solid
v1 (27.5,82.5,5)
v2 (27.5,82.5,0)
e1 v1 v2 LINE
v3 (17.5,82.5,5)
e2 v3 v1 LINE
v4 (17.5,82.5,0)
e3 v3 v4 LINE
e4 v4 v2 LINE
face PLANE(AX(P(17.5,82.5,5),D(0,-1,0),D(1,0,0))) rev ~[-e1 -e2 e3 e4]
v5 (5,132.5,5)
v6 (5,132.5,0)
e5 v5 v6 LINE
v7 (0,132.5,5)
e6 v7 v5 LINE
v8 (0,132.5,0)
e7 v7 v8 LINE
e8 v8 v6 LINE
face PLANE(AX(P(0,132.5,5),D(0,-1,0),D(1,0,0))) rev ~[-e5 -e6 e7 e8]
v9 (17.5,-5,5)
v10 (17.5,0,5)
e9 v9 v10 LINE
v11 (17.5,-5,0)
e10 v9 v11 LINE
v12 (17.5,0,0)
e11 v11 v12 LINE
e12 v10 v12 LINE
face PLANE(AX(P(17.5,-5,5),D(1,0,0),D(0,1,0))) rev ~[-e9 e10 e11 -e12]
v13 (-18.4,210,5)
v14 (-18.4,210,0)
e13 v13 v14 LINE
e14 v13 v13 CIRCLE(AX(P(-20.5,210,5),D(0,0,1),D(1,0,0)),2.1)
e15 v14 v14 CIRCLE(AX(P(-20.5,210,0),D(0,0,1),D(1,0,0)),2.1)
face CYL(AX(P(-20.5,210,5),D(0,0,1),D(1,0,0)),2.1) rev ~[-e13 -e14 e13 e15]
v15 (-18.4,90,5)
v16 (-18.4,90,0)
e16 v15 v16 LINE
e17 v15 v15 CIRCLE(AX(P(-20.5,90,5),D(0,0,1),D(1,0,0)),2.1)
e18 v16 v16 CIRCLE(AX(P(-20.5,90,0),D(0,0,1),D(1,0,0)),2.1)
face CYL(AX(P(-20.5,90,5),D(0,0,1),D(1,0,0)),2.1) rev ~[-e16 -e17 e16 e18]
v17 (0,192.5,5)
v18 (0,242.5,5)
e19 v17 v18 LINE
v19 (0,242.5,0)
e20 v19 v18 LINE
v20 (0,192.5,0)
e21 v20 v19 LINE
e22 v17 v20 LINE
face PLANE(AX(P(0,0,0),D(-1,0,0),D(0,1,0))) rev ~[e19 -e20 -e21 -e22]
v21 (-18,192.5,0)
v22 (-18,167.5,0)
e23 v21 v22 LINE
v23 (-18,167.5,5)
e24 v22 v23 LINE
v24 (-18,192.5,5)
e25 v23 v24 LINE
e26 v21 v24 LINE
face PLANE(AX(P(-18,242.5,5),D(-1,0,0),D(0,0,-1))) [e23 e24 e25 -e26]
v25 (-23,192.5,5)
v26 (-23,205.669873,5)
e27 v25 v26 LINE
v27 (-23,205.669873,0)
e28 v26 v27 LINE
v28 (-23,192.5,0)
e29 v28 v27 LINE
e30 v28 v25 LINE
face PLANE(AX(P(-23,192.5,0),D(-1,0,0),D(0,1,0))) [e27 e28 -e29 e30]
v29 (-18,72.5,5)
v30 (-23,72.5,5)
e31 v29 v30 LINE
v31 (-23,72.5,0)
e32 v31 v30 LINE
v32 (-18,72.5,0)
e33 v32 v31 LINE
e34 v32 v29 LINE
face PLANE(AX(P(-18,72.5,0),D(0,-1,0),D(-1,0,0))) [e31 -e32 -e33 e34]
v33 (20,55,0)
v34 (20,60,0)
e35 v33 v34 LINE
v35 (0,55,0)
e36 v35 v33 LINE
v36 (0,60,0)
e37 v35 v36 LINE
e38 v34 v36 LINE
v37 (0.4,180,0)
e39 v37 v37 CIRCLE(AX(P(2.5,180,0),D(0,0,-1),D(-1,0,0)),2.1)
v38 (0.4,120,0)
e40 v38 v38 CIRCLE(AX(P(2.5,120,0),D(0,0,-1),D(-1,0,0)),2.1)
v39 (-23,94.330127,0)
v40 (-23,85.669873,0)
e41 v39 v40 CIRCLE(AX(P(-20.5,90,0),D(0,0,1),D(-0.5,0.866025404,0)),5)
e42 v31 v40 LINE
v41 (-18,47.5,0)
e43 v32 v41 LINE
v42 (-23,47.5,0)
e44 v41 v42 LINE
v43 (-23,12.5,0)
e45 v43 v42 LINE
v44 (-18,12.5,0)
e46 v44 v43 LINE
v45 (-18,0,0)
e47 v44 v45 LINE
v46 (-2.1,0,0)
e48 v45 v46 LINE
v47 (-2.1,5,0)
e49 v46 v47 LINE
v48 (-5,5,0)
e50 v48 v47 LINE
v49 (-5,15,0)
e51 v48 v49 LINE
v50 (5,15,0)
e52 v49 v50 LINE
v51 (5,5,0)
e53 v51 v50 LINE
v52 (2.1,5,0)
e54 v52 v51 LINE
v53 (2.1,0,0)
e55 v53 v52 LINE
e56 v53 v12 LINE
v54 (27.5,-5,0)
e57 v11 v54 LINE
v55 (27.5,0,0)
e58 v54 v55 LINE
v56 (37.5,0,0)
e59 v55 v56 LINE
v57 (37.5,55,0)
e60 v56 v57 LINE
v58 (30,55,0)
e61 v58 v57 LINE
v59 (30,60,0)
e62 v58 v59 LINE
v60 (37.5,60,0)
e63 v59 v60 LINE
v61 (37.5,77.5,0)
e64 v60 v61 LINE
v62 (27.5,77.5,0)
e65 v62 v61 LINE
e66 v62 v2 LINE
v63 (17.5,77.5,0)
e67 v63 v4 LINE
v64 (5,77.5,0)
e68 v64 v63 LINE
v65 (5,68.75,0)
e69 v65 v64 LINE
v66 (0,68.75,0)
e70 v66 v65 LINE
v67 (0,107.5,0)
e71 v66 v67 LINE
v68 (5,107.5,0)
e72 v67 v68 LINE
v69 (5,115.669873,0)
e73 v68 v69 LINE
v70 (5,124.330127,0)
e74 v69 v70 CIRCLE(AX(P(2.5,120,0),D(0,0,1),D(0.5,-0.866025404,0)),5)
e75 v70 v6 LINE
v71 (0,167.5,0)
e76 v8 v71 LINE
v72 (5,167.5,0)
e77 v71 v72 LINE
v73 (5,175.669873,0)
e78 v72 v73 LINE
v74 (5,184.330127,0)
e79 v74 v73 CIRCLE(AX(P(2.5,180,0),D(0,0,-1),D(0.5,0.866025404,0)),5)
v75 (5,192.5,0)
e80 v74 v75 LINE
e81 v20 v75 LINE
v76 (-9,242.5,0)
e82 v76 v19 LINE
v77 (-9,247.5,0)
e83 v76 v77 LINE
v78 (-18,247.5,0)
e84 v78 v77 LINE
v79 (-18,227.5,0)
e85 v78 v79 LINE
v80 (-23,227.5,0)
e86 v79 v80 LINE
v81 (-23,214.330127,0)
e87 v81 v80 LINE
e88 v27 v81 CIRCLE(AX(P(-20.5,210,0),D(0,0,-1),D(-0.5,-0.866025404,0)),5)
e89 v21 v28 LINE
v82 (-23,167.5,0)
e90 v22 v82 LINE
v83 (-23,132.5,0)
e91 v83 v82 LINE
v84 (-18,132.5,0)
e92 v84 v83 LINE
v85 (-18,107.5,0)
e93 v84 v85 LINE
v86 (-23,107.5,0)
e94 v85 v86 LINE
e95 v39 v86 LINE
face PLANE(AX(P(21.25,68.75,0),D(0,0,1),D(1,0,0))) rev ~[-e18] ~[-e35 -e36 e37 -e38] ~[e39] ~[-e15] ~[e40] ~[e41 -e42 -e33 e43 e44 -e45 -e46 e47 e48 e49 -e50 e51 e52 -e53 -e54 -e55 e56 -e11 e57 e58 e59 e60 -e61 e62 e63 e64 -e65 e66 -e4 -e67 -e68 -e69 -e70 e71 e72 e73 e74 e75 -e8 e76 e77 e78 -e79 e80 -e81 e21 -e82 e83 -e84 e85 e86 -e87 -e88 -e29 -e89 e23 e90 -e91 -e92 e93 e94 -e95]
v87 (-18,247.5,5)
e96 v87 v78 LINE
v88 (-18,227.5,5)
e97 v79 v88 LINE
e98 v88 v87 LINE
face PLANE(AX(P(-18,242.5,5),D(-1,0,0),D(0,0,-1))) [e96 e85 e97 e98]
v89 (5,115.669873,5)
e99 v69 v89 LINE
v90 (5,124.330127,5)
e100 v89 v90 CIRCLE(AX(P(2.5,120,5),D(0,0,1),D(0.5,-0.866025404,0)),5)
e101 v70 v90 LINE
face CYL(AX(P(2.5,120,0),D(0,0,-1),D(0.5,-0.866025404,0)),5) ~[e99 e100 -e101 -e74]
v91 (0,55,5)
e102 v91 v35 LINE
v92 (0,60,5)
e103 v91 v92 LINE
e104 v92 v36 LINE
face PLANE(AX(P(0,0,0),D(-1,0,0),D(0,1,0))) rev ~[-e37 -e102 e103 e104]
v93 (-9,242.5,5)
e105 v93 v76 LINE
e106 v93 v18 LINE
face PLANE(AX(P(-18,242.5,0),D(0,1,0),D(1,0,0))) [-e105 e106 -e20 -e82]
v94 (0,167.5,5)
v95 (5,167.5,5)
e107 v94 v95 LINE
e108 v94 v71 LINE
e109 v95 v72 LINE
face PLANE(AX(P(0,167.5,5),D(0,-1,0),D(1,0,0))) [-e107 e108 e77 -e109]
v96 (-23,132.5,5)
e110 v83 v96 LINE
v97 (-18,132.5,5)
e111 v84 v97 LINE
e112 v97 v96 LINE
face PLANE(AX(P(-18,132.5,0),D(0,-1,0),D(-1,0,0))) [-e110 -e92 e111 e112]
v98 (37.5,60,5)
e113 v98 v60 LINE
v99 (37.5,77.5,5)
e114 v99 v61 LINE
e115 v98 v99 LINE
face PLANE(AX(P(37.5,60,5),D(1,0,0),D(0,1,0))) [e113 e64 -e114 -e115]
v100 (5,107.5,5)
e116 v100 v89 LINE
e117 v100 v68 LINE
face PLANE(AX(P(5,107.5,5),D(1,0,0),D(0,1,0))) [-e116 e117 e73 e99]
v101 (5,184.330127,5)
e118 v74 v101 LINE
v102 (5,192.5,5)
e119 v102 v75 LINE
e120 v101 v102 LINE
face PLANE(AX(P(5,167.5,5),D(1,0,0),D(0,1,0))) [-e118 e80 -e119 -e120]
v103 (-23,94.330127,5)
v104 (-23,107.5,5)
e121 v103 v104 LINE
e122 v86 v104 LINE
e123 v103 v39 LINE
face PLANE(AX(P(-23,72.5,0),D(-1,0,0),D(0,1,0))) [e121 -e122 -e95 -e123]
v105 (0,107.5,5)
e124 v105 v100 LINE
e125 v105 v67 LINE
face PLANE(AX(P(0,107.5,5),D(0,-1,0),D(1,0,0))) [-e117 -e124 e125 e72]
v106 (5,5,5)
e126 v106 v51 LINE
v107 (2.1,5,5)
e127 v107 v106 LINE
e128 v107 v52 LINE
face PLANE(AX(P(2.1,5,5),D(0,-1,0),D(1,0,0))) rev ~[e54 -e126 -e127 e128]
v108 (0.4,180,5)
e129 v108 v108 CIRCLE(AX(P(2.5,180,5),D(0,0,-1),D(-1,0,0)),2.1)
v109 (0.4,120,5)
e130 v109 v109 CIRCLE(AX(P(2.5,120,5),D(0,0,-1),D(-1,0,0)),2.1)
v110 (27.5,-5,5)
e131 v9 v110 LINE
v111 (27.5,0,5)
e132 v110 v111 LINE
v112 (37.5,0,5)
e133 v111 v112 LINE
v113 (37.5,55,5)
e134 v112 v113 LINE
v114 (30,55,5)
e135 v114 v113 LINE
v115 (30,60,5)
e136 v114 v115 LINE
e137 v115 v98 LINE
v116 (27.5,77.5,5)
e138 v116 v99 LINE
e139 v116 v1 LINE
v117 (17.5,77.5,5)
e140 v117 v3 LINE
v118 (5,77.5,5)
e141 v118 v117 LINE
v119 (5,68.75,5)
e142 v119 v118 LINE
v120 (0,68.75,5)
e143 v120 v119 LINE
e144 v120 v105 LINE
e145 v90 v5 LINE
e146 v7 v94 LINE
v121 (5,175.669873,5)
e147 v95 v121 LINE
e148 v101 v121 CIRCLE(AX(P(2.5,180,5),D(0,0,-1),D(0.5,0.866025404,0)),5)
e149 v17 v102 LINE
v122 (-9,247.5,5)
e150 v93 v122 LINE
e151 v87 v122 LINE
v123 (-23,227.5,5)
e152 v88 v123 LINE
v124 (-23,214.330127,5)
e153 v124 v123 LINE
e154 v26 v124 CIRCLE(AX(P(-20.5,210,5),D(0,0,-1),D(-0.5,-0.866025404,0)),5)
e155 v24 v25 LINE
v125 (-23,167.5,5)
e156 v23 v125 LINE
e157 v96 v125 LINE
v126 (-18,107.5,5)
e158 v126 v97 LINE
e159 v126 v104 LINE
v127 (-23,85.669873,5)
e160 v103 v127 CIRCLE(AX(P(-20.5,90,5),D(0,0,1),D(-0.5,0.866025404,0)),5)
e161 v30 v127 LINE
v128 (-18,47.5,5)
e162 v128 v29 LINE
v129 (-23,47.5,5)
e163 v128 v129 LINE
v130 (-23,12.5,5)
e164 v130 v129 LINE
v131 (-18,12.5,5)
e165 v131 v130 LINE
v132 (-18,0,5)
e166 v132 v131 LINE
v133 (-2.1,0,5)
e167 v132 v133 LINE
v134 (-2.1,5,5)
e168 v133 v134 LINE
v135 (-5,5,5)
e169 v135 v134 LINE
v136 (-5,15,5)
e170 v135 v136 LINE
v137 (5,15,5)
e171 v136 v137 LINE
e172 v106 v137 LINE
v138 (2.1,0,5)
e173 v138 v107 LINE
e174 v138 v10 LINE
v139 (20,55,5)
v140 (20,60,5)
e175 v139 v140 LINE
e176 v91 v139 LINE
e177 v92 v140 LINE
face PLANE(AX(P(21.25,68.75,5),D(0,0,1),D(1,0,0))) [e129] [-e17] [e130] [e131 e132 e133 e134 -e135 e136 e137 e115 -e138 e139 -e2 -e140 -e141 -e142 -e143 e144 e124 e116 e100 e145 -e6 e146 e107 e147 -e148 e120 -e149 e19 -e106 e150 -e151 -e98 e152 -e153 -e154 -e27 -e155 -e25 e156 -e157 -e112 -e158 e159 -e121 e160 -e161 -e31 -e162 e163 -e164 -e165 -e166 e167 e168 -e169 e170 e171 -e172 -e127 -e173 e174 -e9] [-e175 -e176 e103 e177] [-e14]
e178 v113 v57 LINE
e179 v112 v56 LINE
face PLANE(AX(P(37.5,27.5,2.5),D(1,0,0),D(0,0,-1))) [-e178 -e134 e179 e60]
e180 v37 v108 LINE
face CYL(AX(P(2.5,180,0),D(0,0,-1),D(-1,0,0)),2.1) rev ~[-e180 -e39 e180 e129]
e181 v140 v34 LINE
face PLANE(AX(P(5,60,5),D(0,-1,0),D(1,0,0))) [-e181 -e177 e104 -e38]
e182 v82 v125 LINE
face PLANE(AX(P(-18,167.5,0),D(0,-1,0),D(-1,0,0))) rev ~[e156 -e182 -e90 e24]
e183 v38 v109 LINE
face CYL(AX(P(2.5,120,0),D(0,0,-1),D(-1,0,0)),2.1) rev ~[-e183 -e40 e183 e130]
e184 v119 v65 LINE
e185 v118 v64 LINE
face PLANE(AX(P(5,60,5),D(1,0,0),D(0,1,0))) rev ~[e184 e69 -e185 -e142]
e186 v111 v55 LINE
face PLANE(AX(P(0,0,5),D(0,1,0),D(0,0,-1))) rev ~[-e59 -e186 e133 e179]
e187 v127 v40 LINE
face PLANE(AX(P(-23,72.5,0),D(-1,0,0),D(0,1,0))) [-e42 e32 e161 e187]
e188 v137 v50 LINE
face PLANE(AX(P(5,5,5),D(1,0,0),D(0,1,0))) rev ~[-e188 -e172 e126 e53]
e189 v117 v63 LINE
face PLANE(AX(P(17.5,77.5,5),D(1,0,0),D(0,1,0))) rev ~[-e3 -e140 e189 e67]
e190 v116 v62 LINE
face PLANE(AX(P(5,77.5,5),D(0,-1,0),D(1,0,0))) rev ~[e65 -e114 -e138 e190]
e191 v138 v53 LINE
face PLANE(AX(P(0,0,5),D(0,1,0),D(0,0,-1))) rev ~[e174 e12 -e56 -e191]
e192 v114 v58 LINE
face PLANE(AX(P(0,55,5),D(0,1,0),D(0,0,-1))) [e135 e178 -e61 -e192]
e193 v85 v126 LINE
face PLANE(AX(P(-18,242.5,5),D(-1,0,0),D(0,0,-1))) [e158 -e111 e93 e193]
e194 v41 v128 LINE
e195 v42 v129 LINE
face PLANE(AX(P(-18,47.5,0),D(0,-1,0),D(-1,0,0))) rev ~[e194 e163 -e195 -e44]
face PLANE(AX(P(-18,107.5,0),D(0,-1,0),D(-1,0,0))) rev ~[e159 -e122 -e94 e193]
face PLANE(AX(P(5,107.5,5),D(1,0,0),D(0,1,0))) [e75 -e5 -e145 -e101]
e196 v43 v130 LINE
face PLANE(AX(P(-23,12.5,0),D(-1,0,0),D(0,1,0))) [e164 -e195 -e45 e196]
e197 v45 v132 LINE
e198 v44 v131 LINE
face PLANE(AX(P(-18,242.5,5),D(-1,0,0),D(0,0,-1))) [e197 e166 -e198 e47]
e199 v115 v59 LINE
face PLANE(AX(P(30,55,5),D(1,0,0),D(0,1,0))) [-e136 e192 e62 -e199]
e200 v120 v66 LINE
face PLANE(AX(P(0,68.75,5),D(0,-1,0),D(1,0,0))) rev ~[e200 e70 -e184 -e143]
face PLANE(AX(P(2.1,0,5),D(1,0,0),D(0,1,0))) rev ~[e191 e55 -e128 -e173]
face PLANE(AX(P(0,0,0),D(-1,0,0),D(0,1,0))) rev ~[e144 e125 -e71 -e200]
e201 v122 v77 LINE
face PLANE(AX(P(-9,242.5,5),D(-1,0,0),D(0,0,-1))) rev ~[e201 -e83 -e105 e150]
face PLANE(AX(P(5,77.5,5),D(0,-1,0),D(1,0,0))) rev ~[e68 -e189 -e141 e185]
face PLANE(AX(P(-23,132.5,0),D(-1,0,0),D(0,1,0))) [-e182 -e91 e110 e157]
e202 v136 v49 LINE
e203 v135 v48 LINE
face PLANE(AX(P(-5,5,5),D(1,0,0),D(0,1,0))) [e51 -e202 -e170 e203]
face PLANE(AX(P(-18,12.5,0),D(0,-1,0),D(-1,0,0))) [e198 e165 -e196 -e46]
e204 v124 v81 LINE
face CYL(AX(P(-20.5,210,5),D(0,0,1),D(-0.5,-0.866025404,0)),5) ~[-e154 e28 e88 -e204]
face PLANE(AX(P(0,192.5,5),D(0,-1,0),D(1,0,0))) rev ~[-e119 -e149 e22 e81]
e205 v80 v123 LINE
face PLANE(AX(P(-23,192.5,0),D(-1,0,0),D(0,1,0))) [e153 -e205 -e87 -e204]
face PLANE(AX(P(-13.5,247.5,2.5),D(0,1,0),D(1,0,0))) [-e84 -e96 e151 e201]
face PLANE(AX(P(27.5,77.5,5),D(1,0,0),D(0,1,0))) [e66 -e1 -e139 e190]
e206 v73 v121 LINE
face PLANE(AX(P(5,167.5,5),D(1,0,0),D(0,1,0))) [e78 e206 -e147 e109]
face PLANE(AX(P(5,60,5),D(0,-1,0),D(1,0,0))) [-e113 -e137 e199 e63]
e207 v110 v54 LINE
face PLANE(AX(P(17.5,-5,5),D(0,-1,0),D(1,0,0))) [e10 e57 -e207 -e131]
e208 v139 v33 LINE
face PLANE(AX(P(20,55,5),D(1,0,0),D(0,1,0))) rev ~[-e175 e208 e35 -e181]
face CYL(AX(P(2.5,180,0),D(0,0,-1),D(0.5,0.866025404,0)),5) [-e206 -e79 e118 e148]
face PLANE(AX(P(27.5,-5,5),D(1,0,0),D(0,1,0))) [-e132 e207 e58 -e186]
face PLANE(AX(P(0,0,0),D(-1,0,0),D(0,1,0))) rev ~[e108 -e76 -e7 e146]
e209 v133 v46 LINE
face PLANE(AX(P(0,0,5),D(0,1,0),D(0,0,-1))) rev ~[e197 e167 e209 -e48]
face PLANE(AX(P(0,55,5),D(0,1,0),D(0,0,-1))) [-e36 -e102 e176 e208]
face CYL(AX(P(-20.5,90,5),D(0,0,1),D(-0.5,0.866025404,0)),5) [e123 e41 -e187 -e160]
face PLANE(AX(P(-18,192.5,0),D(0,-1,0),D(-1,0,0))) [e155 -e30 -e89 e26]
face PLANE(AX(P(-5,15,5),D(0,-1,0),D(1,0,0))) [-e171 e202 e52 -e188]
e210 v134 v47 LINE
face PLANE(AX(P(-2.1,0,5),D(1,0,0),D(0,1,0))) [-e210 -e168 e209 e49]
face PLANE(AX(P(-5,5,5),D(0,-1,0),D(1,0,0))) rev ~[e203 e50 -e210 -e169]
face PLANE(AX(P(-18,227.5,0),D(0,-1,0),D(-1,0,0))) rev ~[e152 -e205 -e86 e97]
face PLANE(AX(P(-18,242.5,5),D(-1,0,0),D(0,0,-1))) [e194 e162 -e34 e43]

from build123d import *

# Parameters (mm, degrees)
SKETCH1_W            = 18
SKETCH1_H            = 242.5
BOSS_EXTRUDE2_DEPTH  = 5
SKETCH2_W            = 9
SKETCH2_H            = 5
BOSS_EXTRUDE3_DEPTH  = 5
SKETCH3_W            = 5
SKETCH3_H            = 35
BOSS_EXTRUDE4_DEPTH  = 5
SKETCH4_W            = 5
SKETCH4_H            = 25
BOSS_EXTRUDE5_DEPTH  = 5
SKETCH5_W            = 5
SKETCH5_H            = 55
BOSS_EXTRUDE6_DEPTH  = 37.5
SKETCH6_W            = 10
SKETCH6_H            = 5
BOSS_EXTRUDE7_DEPTH  = 5
SKETCH7_W            = 5
SKETCH7_H            = 8.75
BOSS_EXTRUDE8_DEPTH  = 5
SKETCH8_W            = 10
SKETCH8_H            = 5
BOSS_EXTRUDE9_DEPTH  = 5
SKETCH9_W            = 32.5
SKETCH9_H            = 17.5
BOSS_EXTRUDE10_DEPTH = 5
SKETCH10_W           = 10
SKETCH10_H           = 5
BOSS_EXTRUDE11_DEPTH = 5
SKETCH11_R           = 2.1
CUT_EXTRUDE1_DEPTH   = 5
BOSS_EXTRUDE12_DEPTH = 5
SKETCH13_R           = 2.1
CUT_EXTRUDE2_DEPTH   = 5
BOSS_EXTRUDE13_DEPTH = 5
SKETCH15_W           = 4.2
SKETCH15_H           = 5
SKETCH15_W_2         = 10
SKETCH15_H_2         = 10
CUT_EXTRUDE3_DEPTH   = 10


with BuildPart() as part:
    # Sketch1 → Boss-Extrude2 (new body)
    with BuildSketch(Plane.XY):
        with Locations((-9, 121.25)):
            Rectangle(SKETCH1_W, SKETCH1_H)
    extrude(amount=BOSS_EXTRUDE2_DEPTH)

    # Sketch2 → Boss-Extrude3 (add)
    with BuildSketch(Plane(origin=(0, 242.5, 0), x_dir=(1, 0, 0), z_dir=(0, 1, 0))):
        with Locations((-13.5, -2.5)):
            Rectangle(SKETCH2_W, SKETCH2_H)
    extrude(amount=BOSS_EXTRUDE3_DEPTH)

    # Sketch3 → Boss-Extrude4 (add)
    with BuildSketch(Plane(origin=(0, 0, 0), x_dir=(-1, 0, 0), z_dir=(0, 0, -1))):
        with Locations((20.5, 210)):
            Rectangle(SKETCH3_W, SKETCH3_H)
        with Locations((20.5, 150)):
            Rectangle(SKETCH3_W, SKETCH3_H)
        with Locations((20.5, 90)):
            Rectangle(SKETCH3_W, SKETCH3_H)
        with Locations((20.5, 30)):
            Rectangle(SKETCH3_W, SKETCH3_H)
    extrude(amount=-BOSS_EXTRUDE4_DEPTH)

    # Sketch4 → Boss-Extrude5 (add)
    with BuildSketch(Plane.XY.offset(5)):
        with Locations((2.5, 180)):
            Rectangle(SKETCH4_W, SKETCH4_H)
        with Locations((2.5, 120)):
            Rectangle(SKETCH4_W, SKETCH4_H)
    extrude(amount=-BOSS_EXTRUDE5_DEPTH)

    # Sketch5 → Boss-Extrude6 (add)
    with BuildSketch(Plane(origin=(0, 0, 0), x_dir=(0, 0, -1), z_dir=(1, 0, 0))):
        with Locations((-2.5, 27.5)):
            Rectangle(SKETCH5_W, SKETCH5_H)
    extrude(amount=BOSS_EXTRUDE6_DEPTH)

    # Sketch6 → Boss-Extrude7 (add)
    with BuildSketch(Plane.XY.offset(5)):
        with Locations((25, 57.5)):
            Rectangle(SKETCH6_W, SKETCH6_H)
    extrude(amount=-BOSS_EXTRUDE7_DEPTH)

    # Sketch7 → Boss-Extrude8 (add)
    with BuildSketch(Plane.XY.offset(5)):
        with Locations((2.5, 64.375)):
            Rectangle(SKETCH7_W, SKETCH7_H)
    extrude(amount=-BOSS_EXTRUDE8_DEPTH)

    # Sketch8 → Boss-Extrude9 (add)
    with BuildSketch(Plane.XY.offset(5)):
        with Locations((22.5, -2.5)):
            Rectangle(SKETCH8_W, SKETCH8_H)
    extrude(amount=-BOSS_EXTRUDE9_DEPTH)

    # Sketch9 → Boss-Extrude10 (add)
    with BuildSketch(Plane.XY.offset(5)):
        with Locations((21.25, 68.75)):
            Rectangle(SKETCH9_W, SKETCH9_H)
    extrude(amount=-BOSS_EXTRUDE10_DEPTH)

    # Sketch10 → Boss-Extrude11 (add)
    with BuildSketch(Plane.XY.offset(5)):
        with Locations((22.5, 80)):
            Rectangle(SKETCH10_W, SKETCH10_H)
    extrude(amount=-BOSS_EXTRUDE11_DEPTH)

    # Sketch11 → Cut-Extrude1 (cut)
    with BuildSketch(Plane(origin=(0, 0, 0), x_dir=(-1, 0, 0), z_dir=(0, 0, -1))):
        with Locations((-2.5, 180)):
            Circle(SKETCH11_R)
        with Locations((-2.5, 120)):
            Circle(SKETCH11_R)
    extrude(amount=-CUT_EXTRUDE1_DEPTH, mode=Mode.SUBTRACT)

    # Sketch12 → Boss-Extrude12 (add)
    with BuildSketch(Plane(origin=(0, 0, 0), x_dir=(-1, 0, 0), z_dir=(0, 0, -1))):
        with BuildLine():
            Line((-5, 175.669872981), (-5, 184.330127019))
            ThreePointArc((-5, 184.330127019), (-7.5, 180), (-5, 175.669872981))
        make_face()
        with BuildLine():
            Line((-5, 124.330127019), (-5, 115.669872981))
            ThreePointArc((-5, 115.669872981), (-7.5, 120), (-5, 124.330127019))
        make_face()
    extrude(amount=-BOSS_EXTRUDE12_DEPTH)

    # Sketch13 → Cut-Extrude2 (cut)
    with BuildSketch(Plane.XY.offset(5)):
        with Locations((-20.5, 210)):
            Circle(SKETCH13_R)
        with Locations((-20.5, 90)):
            Circle(SKETCH13_R)
    extrude(amount=-CUT_EXTRUDE2_DEPTH, mode=Mode.SUBTRACT)

    # Sketch14 → Boss-Extrude13 (add)
    with BuildSketch(Plane.XY.offset(5)):
        with BuildLine():
            Line((-23, 214.330127019), (-23, 205.669872981))
            ThreePointArc((-23, 205.669872981), (-25.5, 210), (-23, 214.330127019))
        make_face()
        with BuildLine():
            Line((-23, 85.669872981), (-23, 94.330127019))
            ThreePointArc((-23, 94.330127019), (-25.5, 90), (-23, 85.669872981))
        make_face()
    extrude(amount=-BOSS_EXTRUDE13_DEPTH)

    # Sketch15 → Cut-Extrude3 (cut)
    with BuildSketch(Plane.XY.offset(5)):
        with Locations((0, 2.5)):
            Rectangle(SKETCH15_W, SKETCH15_H)
        with Locations((0, 10)):
            Rectangle(SKETCH15_W_2, SKETCH15_H_2)
    extrude(amount=-CUT_EXTRUDE3_DEPTH, mode=Mode.SUBTRACT)


solid = part.part
